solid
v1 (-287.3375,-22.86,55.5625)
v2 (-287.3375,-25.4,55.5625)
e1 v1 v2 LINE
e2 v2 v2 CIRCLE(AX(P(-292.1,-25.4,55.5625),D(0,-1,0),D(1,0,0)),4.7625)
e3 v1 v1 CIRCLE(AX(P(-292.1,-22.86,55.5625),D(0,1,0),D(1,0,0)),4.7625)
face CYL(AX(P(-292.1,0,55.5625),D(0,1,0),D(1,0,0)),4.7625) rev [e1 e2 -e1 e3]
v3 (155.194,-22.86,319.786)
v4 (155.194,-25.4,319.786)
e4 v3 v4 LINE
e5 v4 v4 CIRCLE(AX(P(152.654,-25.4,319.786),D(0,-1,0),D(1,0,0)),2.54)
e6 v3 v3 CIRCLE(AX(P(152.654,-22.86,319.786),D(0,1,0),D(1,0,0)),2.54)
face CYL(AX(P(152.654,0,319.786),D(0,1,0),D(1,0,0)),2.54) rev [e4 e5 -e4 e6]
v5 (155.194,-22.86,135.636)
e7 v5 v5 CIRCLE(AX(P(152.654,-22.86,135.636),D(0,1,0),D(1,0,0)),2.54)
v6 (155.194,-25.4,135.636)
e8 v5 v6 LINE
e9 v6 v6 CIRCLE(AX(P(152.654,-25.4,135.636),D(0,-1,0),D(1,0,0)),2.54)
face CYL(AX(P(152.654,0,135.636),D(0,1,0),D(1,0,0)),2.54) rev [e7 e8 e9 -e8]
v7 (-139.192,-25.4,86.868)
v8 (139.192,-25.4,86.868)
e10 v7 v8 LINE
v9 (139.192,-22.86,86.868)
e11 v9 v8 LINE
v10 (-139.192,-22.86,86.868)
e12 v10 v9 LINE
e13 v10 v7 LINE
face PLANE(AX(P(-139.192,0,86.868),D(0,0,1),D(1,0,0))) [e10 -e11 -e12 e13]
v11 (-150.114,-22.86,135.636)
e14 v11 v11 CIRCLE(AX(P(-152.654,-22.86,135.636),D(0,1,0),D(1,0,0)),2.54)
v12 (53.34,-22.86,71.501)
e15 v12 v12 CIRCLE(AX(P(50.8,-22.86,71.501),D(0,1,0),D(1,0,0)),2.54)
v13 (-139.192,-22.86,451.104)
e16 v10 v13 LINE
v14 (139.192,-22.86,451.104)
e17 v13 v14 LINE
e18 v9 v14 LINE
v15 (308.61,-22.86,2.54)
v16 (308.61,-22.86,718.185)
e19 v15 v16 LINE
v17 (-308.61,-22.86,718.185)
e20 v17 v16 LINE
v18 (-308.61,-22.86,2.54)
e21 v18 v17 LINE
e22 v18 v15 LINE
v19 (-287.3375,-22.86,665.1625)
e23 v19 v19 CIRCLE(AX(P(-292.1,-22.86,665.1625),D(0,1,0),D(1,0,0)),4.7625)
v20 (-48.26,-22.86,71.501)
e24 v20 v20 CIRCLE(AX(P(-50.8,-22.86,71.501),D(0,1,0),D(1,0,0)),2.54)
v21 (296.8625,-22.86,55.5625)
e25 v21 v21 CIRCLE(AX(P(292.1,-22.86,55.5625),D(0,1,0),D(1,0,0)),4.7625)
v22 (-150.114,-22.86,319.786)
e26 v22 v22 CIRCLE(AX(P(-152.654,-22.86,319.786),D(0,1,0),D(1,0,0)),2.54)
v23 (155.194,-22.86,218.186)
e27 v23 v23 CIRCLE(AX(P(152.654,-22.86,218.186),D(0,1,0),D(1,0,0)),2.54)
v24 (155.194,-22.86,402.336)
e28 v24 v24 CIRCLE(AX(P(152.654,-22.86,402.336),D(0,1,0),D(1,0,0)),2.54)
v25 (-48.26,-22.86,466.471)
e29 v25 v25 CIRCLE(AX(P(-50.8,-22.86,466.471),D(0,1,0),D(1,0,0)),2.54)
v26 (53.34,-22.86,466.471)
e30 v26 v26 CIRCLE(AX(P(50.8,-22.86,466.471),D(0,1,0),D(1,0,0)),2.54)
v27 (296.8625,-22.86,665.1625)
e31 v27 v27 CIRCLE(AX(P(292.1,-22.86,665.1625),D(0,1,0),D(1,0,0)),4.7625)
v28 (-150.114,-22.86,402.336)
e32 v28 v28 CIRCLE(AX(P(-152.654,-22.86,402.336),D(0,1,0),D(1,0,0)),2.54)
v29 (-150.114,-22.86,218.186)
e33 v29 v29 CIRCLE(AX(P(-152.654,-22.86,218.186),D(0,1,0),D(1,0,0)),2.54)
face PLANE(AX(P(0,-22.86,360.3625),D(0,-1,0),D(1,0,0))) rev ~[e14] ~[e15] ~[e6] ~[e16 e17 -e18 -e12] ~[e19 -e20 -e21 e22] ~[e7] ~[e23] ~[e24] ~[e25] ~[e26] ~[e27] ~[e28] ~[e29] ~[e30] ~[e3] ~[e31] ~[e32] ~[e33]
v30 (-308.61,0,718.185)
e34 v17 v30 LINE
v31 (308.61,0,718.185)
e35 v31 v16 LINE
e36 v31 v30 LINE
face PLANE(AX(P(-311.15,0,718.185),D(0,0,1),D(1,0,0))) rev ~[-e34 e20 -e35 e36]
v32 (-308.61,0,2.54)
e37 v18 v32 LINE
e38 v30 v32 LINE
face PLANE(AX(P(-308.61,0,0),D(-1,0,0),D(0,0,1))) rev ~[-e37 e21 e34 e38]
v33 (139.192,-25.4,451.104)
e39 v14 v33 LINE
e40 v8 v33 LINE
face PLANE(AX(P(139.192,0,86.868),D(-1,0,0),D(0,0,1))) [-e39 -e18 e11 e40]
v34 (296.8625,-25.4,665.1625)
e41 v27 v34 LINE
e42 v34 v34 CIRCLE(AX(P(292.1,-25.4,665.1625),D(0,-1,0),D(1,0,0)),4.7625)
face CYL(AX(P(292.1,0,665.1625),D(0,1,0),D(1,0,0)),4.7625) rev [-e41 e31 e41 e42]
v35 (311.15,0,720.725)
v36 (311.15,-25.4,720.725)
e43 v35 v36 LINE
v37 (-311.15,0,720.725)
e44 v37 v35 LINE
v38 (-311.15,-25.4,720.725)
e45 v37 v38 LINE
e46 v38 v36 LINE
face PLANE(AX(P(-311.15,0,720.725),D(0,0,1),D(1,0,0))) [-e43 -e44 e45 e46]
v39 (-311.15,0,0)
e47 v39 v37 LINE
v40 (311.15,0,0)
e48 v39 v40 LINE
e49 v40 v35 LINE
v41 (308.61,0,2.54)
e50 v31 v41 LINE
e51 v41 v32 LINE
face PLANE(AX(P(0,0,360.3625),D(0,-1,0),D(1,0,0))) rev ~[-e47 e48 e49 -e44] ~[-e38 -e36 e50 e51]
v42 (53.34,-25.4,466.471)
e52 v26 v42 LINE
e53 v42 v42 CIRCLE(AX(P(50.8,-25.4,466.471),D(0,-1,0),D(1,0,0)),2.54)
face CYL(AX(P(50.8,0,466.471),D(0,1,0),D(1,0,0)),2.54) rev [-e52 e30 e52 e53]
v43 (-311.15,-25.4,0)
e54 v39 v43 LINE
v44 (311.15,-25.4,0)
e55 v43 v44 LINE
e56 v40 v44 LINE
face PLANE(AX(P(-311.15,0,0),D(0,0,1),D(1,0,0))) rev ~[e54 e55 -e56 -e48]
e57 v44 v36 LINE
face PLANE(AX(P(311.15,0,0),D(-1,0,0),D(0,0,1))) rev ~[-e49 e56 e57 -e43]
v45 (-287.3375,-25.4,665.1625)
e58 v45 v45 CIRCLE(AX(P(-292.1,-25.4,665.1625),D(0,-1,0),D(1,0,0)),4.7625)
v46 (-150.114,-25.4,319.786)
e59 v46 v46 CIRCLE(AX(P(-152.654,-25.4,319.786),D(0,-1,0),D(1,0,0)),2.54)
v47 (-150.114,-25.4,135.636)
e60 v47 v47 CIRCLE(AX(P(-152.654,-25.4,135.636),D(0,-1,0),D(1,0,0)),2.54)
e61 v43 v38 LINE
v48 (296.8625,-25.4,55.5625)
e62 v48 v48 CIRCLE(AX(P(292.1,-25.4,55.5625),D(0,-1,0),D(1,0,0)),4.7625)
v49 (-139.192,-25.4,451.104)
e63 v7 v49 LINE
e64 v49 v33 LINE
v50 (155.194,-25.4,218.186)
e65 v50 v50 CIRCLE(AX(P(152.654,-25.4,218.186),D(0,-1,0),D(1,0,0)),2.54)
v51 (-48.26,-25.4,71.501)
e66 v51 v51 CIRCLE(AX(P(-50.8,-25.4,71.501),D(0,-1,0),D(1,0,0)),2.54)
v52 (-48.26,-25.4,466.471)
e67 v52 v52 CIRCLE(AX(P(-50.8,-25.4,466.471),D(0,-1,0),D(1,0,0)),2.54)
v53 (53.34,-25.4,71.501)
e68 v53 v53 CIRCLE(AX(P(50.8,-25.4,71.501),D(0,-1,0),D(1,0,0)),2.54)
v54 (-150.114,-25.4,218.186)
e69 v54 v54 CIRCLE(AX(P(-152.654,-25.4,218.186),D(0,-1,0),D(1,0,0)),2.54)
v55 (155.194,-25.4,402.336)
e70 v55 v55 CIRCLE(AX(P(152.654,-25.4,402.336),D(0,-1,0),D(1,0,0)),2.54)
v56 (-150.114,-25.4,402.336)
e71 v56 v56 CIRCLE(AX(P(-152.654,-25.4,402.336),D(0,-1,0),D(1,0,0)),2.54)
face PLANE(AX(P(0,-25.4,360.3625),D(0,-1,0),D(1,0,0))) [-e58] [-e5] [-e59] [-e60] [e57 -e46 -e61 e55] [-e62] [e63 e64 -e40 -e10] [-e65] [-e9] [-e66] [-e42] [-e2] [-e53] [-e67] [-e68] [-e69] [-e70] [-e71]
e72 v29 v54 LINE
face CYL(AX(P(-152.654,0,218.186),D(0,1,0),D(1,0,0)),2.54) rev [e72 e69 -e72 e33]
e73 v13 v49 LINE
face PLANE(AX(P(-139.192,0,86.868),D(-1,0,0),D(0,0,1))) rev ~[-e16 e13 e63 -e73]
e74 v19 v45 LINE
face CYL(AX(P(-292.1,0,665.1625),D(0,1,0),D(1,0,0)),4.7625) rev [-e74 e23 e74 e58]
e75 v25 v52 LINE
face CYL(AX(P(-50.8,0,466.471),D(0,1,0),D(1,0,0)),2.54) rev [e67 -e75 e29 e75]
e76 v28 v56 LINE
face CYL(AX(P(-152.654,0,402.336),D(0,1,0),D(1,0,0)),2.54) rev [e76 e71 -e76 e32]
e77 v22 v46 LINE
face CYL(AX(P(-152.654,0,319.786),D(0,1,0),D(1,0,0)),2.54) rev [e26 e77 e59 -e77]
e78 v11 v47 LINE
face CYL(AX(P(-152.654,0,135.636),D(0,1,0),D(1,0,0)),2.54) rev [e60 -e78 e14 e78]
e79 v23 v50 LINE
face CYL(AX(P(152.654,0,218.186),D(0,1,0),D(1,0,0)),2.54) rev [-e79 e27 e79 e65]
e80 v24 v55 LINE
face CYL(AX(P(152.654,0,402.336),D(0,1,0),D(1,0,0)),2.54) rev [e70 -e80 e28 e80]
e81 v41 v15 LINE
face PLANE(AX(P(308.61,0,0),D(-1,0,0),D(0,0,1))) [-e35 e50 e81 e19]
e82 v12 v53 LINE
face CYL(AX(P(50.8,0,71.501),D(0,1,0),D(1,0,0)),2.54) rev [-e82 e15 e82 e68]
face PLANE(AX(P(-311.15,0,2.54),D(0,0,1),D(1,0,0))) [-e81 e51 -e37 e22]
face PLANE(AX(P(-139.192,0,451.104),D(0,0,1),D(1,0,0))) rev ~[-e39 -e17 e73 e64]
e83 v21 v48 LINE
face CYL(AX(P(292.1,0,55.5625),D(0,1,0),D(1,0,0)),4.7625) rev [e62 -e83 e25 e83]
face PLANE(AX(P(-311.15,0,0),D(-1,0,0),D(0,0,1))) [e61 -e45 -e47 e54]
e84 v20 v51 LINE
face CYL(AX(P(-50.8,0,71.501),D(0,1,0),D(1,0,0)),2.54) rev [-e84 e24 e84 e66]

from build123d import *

# Parameters (mm, degrees)
F0_W     = 622.3
F0_H     = 720.725
F0_R     = 4.7625
F0_R_2   = 2.54
F0_W_2   = 278.384
F0_H_2   = 364.236
F1_DEPTH = 25.4
F2_T     = -2.54
F3_W     = 617.22
F3_H     = 22.86
F4_DEPTH = 715.645


with BuildPart() as f1:
    # F0 (on Front) → F1 (new body)
    with BuildSketch(Plane.XZ):
        with Locations((0, 360.3625)):
            Rectangle(F0_W, F0_H)
        with Locations((-292.1, 55.5625)):
            Circle(F0_R, mode=Mode.SUBTRACT)
        with Locations((-50.8, 71.501)):
            Circle(F0_R_2, mode=Mode.SUBTRACT)
        with Locations((-152.654, 135.636)):
            Circle(F0_R_2, mode=Mode.SUBTRACT)
        with Locations((-152.654, 218.186)):
            Circle(F0_R_2, mode=Mode.SUBTRACT)
        with Locations((-152.654, 319.786)):
            Circle(F0_R_2, mode=Mode.SUBTRACT)
        with Locations((50.8, 71.501)):
            Circle(F0_R_2, mode=Mode.SUBTRACT)
        with Locations((152.654, 135.636)):
            Circle(F0_R_2, mode=Mode.SUBTRACT)
        with Locations((292.1, 55.5625)):
            Circle(F0_R, mode=Mode.SUBTRACT)
        with Locations((0, 268.986)):
            Rectangle(F0_W_2, F0_H_2, mode=Mode.SUBTRACT)
        with Locations((152.654, 218.186)):
            Circle(F0_R_2, mode=Mode.SUBTRACT)
        with Locations((152.654, 319.786)):
            Circle(F0_R_2, mode=Mode.SUBTRACT)
        with Locations((-152.654, 402.336)):
            Circle(F0_R_2, mode=Mode.SUBTRACT)
        with Locations((-50.8, 466.471)):
            Circle(F0_R_2, mode=Mode.SUBTRACT)
        with Locations((-292.1, 665.1625)):
            Circle(F0_R, mode=Mode.SUBTRACT)
        with Locations((152.654, 402.336)):
            Circle(F0_R_2, mode=Mode.SUBTRACT)
        with Locations((50.8, 466.471)):
            Circle(F0_R_2, mode=Mode.SUBTRACT)
        with Locations((292.1, 665.1625)):
            Circle(F0_R, mode=Mode.SUBTRACT)
    extrude(amount=F1_DEPTH)

    # F2
    f2_openings = [f1.faces().sort_by_distance(p)[0] for p in [
        (301.627911, 0, 360.3625),
    ]]
    offset(amount=F2_T, openings=f2_openings, kind=Kind.INTERSECTION)

    # F3 (on face) → F4 (cut, through all)
    with BuildSketch(Plane(origin=(0, 0, 718.185), x_dir=(1, 0, 0), z_dir=(0, 0, -1))):
        with Locations((0, 11.43)):
            Rectangle(F3_W, F3_H)
    extrude(amount=F4_DEPTH, mode=Mode.SUBTRACT)


solid = f1.part
